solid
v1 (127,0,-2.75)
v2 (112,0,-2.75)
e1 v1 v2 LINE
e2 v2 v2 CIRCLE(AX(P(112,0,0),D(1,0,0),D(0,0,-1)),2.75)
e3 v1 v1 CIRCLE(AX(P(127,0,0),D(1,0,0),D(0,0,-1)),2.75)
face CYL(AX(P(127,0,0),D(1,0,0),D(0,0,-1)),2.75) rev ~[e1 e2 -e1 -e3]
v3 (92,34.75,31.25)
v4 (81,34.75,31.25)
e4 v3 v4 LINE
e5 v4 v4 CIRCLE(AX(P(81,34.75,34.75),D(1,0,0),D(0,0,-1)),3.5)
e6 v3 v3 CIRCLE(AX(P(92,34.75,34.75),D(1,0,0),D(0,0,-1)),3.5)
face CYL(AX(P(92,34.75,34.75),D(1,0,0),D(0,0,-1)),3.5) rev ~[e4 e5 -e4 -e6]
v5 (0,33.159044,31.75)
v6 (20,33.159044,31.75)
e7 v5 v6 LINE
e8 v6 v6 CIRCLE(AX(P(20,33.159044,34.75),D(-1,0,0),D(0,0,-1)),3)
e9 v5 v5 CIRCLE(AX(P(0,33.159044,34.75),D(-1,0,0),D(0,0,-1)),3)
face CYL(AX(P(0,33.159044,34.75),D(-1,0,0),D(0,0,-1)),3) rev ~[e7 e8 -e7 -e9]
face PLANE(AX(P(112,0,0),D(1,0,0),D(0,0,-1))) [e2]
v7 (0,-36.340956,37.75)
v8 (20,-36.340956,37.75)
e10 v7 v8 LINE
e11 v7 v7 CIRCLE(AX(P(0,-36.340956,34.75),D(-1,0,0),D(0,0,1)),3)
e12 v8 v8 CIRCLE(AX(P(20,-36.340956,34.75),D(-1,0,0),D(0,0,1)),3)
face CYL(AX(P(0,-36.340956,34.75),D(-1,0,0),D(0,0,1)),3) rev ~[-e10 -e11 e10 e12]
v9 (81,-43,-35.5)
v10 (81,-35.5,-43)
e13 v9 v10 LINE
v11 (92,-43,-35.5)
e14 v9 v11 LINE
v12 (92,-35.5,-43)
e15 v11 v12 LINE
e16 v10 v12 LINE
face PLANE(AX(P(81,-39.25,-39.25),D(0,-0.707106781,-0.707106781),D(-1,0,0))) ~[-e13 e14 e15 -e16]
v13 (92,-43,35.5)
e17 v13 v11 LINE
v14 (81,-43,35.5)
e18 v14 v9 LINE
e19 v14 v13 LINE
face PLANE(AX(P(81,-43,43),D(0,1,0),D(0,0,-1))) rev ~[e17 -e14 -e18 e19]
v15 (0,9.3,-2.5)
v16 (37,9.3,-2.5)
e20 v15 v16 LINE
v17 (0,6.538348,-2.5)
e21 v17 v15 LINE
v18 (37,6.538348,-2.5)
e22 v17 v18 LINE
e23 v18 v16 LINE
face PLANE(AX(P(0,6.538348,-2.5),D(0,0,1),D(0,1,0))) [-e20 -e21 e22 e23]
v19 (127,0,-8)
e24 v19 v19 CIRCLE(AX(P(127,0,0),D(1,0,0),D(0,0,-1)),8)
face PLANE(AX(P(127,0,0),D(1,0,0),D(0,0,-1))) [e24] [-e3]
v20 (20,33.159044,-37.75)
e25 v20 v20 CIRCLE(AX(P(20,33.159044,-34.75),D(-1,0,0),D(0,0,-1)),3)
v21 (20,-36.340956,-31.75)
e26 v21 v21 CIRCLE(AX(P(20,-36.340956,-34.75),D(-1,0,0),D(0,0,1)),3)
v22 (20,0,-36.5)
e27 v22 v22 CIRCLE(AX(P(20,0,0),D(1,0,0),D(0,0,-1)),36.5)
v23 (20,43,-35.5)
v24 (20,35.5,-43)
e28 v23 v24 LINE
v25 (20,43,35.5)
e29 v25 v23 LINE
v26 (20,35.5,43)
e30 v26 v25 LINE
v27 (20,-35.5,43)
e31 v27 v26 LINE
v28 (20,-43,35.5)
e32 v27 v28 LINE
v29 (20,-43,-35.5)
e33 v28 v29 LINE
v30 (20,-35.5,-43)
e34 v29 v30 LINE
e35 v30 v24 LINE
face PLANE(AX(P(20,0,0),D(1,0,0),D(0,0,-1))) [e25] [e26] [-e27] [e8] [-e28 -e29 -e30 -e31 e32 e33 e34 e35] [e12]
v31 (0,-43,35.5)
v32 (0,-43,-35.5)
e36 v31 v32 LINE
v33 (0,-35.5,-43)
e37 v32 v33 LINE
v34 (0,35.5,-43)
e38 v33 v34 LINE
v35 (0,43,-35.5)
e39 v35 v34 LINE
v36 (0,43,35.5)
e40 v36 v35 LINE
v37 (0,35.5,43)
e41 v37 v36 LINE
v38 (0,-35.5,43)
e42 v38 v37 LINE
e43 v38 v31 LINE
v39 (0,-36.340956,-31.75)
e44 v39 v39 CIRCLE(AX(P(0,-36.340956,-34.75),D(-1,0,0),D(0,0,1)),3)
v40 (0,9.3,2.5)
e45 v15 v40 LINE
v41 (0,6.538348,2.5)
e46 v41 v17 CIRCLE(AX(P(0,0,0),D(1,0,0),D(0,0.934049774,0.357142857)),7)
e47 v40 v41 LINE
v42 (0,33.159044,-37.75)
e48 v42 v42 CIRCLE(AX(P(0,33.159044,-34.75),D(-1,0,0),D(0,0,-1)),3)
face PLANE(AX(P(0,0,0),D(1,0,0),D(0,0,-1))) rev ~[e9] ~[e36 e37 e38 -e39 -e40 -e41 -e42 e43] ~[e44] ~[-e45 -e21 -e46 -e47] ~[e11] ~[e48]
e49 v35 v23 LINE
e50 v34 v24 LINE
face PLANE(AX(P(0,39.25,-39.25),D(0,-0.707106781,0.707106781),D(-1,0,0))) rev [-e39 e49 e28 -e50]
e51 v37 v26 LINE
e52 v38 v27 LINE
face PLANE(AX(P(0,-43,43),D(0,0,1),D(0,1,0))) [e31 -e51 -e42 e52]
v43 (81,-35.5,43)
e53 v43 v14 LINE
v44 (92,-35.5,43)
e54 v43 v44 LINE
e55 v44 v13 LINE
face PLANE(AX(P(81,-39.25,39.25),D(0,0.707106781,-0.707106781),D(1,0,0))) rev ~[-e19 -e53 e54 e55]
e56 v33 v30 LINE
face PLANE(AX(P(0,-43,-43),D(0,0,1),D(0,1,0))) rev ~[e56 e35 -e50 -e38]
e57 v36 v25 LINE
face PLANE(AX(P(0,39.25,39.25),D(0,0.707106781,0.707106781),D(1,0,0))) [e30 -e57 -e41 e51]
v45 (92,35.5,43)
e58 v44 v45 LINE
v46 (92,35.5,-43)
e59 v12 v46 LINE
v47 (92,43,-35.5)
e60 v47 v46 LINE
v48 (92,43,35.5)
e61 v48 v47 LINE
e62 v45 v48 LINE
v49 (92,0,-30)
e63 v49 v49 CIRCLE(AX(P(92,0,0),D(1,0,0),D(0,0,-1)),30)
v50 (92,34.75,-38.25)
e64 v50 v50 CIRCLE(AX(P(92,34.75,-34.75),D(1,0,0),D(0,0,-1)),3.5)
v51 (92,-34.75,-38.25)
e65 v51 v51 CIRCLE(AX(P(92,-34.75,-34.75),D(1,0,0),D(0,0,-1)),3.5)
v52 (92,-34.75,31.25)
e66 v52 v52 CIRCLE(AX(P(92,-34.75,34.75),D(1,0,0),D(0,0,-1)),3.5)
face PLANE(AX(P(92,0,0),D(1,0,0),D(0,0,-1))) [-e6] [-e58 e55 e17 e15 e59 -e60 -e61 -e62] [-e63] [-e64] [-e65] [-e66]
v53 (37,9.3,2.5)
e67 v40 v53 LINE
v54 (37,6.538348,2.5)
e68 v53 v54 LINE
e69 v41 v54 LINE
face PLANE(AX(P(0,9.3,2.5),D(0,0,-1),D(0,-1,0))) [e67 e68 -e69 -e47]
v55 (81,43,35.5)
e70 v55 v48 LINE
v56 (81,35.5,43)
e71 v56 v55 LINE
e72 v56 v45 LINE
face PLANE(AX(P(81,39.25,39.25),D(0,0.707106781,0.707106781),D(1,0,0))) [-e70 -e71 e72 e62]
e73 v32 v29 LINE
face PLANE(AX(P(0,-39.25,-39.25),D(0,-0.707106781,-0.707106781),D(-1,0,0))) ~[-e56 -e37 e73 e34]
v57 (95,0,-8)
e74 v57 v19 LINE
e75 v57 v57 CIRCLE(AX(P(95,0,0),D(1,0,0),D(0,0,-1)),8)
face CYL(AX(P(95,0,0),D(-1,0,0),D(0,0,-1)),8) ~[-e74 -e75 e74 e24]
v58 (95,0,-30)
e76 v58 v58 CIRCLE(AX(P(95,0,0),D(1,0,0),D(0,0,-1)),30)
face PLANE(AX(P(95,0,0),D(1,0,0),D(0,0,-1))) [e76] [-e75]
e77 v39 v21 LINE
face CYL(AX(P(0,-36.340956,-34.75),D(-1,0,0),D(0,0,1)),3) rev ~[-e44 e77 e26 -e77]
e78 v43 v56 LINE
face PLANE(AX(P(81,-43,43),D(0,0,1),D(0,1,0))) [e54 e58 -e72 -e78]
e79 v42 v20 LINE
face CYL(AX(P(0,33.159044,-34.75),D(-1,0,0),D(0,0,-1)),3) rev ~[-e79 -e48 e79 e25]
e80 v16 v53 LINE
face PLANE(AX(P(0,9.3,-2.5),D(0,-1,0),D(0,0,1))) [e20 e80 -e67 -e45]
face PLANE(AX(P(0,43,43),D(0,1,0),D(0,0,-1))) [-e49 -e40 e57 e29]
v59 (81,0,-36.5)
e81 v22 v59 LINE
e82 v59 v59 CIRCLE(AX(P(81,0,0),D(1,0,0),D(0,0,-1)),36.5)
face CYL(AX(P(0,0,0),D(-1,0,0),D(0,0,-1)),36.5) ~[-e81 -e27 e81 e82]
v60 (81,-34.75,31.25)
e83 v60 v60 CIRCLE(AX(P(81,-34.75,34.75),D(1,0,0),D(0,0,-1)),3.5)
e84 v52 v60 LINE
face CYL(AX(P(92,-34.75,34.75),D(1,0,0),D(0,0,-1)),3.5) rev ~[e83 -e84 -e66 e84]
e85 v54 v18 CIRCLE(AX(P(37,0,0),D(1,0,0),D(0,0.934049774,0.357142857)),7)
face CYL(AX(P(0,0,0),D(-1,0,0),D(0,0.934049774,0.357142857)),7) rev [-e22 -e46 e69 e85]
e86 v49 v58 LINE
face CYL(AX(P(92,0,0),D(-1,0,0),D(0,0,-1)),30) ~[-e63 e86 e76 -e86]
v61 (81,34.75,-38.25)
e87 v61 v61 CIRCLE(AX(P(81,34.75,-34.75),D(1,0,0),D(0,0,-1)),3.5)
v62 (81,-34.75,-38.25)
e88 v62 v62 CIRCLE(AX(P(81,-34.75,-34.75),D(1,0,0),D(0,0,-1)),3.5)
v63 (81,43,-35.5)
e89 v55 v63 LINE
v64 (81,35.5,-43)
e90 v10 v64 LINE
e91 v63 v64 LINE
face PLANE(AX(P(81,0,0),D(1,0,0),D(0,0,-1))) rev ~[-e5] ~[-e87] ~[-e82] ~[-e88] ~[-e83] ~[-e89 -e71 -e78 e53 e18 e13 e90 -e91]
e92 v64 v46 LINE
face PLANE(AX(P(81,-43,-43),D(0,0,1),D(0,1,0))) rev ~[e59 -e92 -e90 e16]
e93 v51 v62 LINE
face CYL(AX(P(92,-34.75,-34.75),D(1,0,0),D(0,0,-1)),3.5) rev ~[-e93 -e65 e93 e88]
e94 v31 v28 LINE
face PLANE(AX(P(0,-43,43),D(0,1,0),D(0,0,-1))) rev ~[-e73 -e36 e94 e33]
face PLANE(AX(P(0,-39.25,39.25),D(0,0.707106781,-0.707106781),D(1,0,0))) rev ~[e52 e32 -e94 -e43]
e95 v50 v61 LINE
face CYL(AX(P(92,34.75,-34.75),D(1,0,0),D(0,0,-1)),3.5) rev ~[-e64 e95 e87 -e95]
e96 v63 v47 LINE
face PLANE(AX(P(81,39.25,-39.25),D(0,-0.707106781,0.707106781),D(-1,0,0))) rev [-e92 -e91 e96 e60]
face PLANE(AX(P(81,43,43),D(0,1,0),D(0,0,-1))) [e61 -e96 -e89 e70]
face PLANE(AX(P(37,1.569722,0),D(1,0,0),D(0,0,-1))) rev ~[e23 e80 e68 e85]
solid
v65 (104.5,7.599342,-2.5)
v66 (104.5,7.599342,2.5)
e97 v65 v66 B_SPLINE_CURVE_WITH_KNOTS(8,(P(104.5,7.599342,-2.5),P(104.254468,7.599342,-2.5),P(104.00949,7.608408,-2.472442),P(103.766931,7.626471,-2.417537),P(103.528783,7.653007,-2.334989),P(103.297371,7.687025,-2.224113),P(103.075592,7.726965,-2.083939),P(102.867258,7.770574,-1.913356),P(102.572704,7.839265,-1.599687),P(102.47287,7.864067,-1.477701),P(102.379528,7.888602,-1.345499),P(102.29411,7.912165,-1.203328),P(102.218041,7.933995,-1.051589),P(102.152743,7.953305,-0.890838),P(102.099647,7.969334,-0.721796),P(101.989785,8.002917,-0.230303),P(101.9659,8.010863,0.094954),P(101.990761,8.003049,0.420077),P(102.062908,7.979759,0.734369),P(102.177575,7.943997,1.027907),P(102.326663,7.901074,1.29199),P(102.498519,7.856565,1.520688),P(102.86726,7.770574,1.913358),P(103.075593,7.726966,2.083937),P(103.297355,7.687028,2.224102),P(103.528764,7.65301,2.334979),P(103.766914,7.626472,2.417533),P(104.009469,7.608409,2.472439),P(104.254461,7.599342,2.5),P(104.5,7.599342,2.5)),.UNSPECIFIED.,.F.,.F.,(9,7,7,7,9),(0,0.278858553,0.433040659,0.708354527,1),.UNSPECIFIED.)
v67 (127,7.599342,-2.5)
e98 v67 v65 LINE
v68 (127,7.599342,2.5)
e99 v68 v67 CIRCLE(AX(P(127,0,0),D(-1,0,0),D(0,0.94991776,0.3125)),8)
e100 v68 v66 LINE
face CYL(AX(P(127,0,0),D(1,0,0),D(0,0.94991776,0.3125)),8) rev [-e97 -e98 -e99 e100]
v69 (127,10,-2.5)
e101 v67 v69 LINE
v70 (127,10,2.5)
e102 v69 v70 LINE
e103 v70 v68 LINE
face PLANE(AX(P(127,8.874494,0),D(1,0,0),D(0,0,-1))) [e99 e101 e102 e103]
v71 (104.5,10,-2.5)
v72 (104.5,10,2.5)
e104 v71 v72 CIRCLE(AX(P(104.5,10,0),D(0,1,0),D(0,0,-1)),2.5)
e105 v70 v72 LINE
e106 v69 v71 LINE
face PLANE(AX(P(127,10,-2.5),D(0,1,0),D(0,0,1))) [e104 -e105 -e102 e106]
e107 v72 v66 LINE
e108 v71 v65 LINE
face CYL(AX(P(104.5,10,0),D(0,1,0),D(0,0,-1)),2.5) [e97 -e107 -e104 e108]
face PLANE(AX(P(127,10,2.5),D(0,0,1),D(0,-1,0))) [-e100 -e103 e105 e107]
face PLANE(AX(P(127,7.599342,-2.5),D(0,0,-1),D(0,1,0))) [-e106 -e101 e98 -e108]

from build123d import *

# Parameters (mm, degrees)
SKETCH1_R               = 36.5
BOSS_EXTRUDE1_DEPTH     = 81
SKETCH1_3_W             = 86
SKETCH1_3_H             = 86
SKETCH1_3_R             = 36.5
BOSS_EXTRUDE2_DEPTH     = 20
CUT_EXTRUDE1_DEPTH      = 37
SKETCH4_W               = 86
SKETCH4_H               = 86
BOSS_EXTRUDE3_DEPTH     = 11
SKETCH5_R               = 30
BOSS_EXTRUDE4_DEPTH     = 3
SKETCH6_R               = 8
BOSS_EXTRUDE6_DEPTH     = 32
BOSS_EXTRUDE8_DEPTH     = 32
CUT_EXTRUDE3_REACH      = 146.177
CUT_EXTRUDE3_END_RADIUS = 8
CHAMFER1_SIZE           = 7.5
SKETCH13_R              = 3.5
CUT_EXTRUDE7_DEPTH      = 32
SKETCH14_R              = 3
CUT_EXTRUDE8_DEPTH      = 32
SKETCH16_R              = 2.75
CUT_EXTRUDE9_DEPTH      = 15


with BuildPart() as part:
    # Sketch1 → Boss-Extrude1 (new body)
    with BuildSketch(Plane(origin=(0, 0, 0), x_dir=(0, 0, -1), z_dir=(1, 0, 0))):
        Circle(SKETCH1_R)
    extrude(amount=BOSS_EXTRUDE1_DEPTH)

    # Sketch1<3> → Boss-Extrude2 (add)
    with BuildSketch(Plane(origin=(0, 0, 0), x_dir=(0, 0, -1), z_dir=(1, 0, 0))):
        Rectangle(SKETCH1_3_W, SKETCH1_3_H)
        Circle(SKETCH1_3_R, mode=Mode.SUBTRACT)
    extrude(amount=BOSS_EXTRUDE2_DEPTH)

    # Sketch2 → Cut-Extrude1 (cut)
    with BuildSketch(Plane.ZY):
        with BuildLine():
            Line((-2.5, 9.3), (2.5, 9.3))
            Line((2.5, 9.3), (2.5, 6.538348415))
            ThreePointArc((2.5, 6.538348415), (0, -7), (-2.5, 6.538348415))
            Line((-2.5, 6.538348415), (-2.5, 9.3))
        make_face()
    extrude(amount=-CUT_EXTRUDE1_DEPTH, mode=Mode.SUBTRACT)

    # Sketch4 → Boss-Extrude3 (add)
    with BuildSketch(Plane(origin=(81, 0, 0), x_dir=(0, 0, -1), z_dir=(1, 0, 0))):
        Rectangle(SKETCH4_W, SKETCH4_H)
    extrude(amount=BOSS_EXTRUDE3_DEPTH)

    # Sketch5 → Boss-Extrude4 (add)
    with BuildSketch(Plane(origin=(92, 0, 0), x_dir=(0, 0, -1), z_dir=(1, 0, 0))):
        Circle(SKETCH5_R)
    extrude(amount=BOSS_EXTRUDE4_DEPTH)

    # Sketch6 → Boss-Extrude6 (add)
    with BuildSketch(Plane(origin=(95, 0, 0), x_dir=(0, 0, -1), z_dir=(1, 0, 0))):
        Circle(SKETCH6_R)
    extrude(amount=BOSS_EXTRUDE6_DEPTH)

    # Chamfer1
    chamfer1_edges = [part.edges().sort_by_distance(p)[0] for p in [
        (10, -43, 43),
        (86.5, -43, 43),
        (86.5, -43, -43),
        (10, -43, -43),
        (10, 43, -43),
        (86.5, 43, -43),
        (86.5, 43, 43),
        (10, 43, 43),
    ]]
    chamfer(chamfer1_edges, length=CHAMFER1_SIZE)

    # Sketch13 → Cut-Extrude7 (cut)
    with BuildSketch(Plane(origin=(92, 0, 0), x_dir=(0, 0, -1), z_dir=(1, 0, 0))):
        with Locations((-34.75, -34.75)):
            Circle(SKETCH13_R)
        with Locations((34.75, -34.75)):
            Circle(SKETCH13_R)
        with Locations((34.75, 34.75)):
            Circle(SKETCH13_R)
        with Locations((-34.75, 34.75)):
            Circle(SKETCH13_R)
    extrude(amount=-CUT_EXTRUDE7_DEPTH, mode=Mode.SUBTRACT)

    # Sketch14 → Cut-Extrude8 (cut)
    with BuildSketch(Plane.ZY):
        with Locations((-34.75, -36.340956328)):
            Circle(SKETCH14_R)
        with Locations((34.75, -36.340956328)):
            Circle(SKETCH14_R)
        with Locations((34.75, 33.159043672)):
            Circle(SKETCH14_R)
        with Locations((-34.75, 33.159043672)):
            Circle(SKETCH14_R)
    extrude(amount=-CUT_EXTRUDE8_DEPTH, mode=Mode.SUBTRACT)

    # Sketch16 → Cut-Extrude9 (cut)
    with BuildSketch(Plane(origin=(127, 0, 0), x_dir=(0, 0, -1), z_dir=(1, 0, 0))):
        Circle(SKETCH16_R)
    extrude(amount=-CUT_EXTRUDE9_DEPTH, mode=Mode.SUBTRACT)


with BuildPart() as body_2:
    # Sketch8 → Boss-Extrude8 (new body)
    with BuildSketch(Plane(origin=(127, 0, 0), x_dir=(0, 0, -1), z_dir=(1, 0, 0))):
        with BuildLine():
            Line((2.5, 10), (-2.5, 10))
            Line((-2.5, 10), (-2.5, 7.599342077))
            ThreePointArc((-2.5, 7.599342077), (0, 8), (2.5, 7.599342077))
            Line((2.5, 7.599342077), (2.5, 10))
        make_face()
    extrude(amount=-BOSS_EXTRUDE8_DEPTH)

    # Cut-Extrude3: up to this cylinder (the profile starts outside it)
    cut_extrude3_end = Plane(origin=(98.788909, 0, 0), z_dir=(-1, 0, 0)) * Cylinder(CUT_EXTRUDE3_END_RADIUS, 309.354, mode=Mode.PRIVATE)
    # Sketch10 → Cut-Extrude3 (cut, up to the surface)
    with BuildSketch(Plane(origin=(0, 10, 0), x_dir=(1, 0, 0), z_dir=(0, 1, 0)), mode=Mode.PRIVATE) as cut_extrude3_sk1:
        with BuildLine():
            Line((104.5, -2.5), (95, -2.5))
            Line((95, -2.5), (95, 2.5))
            Line((95, 2.5), (104.5, 2.5))
            ThreePointArc((104.5, 2.5), (102, 0), (104.5, -2.5))
        make_face()
    cut_extrude3_tool1 = extrude(cut_extrude3_sk1.sketch, amount=-CUT_EXTRUDE3_REACH, mode=Mode.PRIVATE) - cut_extrude3_end
    add(cut_extrude3_tool1.solids().sort_by_distance((98.788909, 10, 0))[0], mode=Mode.SUBTRACT)


solid = Compound([part.part, body_2.part])
